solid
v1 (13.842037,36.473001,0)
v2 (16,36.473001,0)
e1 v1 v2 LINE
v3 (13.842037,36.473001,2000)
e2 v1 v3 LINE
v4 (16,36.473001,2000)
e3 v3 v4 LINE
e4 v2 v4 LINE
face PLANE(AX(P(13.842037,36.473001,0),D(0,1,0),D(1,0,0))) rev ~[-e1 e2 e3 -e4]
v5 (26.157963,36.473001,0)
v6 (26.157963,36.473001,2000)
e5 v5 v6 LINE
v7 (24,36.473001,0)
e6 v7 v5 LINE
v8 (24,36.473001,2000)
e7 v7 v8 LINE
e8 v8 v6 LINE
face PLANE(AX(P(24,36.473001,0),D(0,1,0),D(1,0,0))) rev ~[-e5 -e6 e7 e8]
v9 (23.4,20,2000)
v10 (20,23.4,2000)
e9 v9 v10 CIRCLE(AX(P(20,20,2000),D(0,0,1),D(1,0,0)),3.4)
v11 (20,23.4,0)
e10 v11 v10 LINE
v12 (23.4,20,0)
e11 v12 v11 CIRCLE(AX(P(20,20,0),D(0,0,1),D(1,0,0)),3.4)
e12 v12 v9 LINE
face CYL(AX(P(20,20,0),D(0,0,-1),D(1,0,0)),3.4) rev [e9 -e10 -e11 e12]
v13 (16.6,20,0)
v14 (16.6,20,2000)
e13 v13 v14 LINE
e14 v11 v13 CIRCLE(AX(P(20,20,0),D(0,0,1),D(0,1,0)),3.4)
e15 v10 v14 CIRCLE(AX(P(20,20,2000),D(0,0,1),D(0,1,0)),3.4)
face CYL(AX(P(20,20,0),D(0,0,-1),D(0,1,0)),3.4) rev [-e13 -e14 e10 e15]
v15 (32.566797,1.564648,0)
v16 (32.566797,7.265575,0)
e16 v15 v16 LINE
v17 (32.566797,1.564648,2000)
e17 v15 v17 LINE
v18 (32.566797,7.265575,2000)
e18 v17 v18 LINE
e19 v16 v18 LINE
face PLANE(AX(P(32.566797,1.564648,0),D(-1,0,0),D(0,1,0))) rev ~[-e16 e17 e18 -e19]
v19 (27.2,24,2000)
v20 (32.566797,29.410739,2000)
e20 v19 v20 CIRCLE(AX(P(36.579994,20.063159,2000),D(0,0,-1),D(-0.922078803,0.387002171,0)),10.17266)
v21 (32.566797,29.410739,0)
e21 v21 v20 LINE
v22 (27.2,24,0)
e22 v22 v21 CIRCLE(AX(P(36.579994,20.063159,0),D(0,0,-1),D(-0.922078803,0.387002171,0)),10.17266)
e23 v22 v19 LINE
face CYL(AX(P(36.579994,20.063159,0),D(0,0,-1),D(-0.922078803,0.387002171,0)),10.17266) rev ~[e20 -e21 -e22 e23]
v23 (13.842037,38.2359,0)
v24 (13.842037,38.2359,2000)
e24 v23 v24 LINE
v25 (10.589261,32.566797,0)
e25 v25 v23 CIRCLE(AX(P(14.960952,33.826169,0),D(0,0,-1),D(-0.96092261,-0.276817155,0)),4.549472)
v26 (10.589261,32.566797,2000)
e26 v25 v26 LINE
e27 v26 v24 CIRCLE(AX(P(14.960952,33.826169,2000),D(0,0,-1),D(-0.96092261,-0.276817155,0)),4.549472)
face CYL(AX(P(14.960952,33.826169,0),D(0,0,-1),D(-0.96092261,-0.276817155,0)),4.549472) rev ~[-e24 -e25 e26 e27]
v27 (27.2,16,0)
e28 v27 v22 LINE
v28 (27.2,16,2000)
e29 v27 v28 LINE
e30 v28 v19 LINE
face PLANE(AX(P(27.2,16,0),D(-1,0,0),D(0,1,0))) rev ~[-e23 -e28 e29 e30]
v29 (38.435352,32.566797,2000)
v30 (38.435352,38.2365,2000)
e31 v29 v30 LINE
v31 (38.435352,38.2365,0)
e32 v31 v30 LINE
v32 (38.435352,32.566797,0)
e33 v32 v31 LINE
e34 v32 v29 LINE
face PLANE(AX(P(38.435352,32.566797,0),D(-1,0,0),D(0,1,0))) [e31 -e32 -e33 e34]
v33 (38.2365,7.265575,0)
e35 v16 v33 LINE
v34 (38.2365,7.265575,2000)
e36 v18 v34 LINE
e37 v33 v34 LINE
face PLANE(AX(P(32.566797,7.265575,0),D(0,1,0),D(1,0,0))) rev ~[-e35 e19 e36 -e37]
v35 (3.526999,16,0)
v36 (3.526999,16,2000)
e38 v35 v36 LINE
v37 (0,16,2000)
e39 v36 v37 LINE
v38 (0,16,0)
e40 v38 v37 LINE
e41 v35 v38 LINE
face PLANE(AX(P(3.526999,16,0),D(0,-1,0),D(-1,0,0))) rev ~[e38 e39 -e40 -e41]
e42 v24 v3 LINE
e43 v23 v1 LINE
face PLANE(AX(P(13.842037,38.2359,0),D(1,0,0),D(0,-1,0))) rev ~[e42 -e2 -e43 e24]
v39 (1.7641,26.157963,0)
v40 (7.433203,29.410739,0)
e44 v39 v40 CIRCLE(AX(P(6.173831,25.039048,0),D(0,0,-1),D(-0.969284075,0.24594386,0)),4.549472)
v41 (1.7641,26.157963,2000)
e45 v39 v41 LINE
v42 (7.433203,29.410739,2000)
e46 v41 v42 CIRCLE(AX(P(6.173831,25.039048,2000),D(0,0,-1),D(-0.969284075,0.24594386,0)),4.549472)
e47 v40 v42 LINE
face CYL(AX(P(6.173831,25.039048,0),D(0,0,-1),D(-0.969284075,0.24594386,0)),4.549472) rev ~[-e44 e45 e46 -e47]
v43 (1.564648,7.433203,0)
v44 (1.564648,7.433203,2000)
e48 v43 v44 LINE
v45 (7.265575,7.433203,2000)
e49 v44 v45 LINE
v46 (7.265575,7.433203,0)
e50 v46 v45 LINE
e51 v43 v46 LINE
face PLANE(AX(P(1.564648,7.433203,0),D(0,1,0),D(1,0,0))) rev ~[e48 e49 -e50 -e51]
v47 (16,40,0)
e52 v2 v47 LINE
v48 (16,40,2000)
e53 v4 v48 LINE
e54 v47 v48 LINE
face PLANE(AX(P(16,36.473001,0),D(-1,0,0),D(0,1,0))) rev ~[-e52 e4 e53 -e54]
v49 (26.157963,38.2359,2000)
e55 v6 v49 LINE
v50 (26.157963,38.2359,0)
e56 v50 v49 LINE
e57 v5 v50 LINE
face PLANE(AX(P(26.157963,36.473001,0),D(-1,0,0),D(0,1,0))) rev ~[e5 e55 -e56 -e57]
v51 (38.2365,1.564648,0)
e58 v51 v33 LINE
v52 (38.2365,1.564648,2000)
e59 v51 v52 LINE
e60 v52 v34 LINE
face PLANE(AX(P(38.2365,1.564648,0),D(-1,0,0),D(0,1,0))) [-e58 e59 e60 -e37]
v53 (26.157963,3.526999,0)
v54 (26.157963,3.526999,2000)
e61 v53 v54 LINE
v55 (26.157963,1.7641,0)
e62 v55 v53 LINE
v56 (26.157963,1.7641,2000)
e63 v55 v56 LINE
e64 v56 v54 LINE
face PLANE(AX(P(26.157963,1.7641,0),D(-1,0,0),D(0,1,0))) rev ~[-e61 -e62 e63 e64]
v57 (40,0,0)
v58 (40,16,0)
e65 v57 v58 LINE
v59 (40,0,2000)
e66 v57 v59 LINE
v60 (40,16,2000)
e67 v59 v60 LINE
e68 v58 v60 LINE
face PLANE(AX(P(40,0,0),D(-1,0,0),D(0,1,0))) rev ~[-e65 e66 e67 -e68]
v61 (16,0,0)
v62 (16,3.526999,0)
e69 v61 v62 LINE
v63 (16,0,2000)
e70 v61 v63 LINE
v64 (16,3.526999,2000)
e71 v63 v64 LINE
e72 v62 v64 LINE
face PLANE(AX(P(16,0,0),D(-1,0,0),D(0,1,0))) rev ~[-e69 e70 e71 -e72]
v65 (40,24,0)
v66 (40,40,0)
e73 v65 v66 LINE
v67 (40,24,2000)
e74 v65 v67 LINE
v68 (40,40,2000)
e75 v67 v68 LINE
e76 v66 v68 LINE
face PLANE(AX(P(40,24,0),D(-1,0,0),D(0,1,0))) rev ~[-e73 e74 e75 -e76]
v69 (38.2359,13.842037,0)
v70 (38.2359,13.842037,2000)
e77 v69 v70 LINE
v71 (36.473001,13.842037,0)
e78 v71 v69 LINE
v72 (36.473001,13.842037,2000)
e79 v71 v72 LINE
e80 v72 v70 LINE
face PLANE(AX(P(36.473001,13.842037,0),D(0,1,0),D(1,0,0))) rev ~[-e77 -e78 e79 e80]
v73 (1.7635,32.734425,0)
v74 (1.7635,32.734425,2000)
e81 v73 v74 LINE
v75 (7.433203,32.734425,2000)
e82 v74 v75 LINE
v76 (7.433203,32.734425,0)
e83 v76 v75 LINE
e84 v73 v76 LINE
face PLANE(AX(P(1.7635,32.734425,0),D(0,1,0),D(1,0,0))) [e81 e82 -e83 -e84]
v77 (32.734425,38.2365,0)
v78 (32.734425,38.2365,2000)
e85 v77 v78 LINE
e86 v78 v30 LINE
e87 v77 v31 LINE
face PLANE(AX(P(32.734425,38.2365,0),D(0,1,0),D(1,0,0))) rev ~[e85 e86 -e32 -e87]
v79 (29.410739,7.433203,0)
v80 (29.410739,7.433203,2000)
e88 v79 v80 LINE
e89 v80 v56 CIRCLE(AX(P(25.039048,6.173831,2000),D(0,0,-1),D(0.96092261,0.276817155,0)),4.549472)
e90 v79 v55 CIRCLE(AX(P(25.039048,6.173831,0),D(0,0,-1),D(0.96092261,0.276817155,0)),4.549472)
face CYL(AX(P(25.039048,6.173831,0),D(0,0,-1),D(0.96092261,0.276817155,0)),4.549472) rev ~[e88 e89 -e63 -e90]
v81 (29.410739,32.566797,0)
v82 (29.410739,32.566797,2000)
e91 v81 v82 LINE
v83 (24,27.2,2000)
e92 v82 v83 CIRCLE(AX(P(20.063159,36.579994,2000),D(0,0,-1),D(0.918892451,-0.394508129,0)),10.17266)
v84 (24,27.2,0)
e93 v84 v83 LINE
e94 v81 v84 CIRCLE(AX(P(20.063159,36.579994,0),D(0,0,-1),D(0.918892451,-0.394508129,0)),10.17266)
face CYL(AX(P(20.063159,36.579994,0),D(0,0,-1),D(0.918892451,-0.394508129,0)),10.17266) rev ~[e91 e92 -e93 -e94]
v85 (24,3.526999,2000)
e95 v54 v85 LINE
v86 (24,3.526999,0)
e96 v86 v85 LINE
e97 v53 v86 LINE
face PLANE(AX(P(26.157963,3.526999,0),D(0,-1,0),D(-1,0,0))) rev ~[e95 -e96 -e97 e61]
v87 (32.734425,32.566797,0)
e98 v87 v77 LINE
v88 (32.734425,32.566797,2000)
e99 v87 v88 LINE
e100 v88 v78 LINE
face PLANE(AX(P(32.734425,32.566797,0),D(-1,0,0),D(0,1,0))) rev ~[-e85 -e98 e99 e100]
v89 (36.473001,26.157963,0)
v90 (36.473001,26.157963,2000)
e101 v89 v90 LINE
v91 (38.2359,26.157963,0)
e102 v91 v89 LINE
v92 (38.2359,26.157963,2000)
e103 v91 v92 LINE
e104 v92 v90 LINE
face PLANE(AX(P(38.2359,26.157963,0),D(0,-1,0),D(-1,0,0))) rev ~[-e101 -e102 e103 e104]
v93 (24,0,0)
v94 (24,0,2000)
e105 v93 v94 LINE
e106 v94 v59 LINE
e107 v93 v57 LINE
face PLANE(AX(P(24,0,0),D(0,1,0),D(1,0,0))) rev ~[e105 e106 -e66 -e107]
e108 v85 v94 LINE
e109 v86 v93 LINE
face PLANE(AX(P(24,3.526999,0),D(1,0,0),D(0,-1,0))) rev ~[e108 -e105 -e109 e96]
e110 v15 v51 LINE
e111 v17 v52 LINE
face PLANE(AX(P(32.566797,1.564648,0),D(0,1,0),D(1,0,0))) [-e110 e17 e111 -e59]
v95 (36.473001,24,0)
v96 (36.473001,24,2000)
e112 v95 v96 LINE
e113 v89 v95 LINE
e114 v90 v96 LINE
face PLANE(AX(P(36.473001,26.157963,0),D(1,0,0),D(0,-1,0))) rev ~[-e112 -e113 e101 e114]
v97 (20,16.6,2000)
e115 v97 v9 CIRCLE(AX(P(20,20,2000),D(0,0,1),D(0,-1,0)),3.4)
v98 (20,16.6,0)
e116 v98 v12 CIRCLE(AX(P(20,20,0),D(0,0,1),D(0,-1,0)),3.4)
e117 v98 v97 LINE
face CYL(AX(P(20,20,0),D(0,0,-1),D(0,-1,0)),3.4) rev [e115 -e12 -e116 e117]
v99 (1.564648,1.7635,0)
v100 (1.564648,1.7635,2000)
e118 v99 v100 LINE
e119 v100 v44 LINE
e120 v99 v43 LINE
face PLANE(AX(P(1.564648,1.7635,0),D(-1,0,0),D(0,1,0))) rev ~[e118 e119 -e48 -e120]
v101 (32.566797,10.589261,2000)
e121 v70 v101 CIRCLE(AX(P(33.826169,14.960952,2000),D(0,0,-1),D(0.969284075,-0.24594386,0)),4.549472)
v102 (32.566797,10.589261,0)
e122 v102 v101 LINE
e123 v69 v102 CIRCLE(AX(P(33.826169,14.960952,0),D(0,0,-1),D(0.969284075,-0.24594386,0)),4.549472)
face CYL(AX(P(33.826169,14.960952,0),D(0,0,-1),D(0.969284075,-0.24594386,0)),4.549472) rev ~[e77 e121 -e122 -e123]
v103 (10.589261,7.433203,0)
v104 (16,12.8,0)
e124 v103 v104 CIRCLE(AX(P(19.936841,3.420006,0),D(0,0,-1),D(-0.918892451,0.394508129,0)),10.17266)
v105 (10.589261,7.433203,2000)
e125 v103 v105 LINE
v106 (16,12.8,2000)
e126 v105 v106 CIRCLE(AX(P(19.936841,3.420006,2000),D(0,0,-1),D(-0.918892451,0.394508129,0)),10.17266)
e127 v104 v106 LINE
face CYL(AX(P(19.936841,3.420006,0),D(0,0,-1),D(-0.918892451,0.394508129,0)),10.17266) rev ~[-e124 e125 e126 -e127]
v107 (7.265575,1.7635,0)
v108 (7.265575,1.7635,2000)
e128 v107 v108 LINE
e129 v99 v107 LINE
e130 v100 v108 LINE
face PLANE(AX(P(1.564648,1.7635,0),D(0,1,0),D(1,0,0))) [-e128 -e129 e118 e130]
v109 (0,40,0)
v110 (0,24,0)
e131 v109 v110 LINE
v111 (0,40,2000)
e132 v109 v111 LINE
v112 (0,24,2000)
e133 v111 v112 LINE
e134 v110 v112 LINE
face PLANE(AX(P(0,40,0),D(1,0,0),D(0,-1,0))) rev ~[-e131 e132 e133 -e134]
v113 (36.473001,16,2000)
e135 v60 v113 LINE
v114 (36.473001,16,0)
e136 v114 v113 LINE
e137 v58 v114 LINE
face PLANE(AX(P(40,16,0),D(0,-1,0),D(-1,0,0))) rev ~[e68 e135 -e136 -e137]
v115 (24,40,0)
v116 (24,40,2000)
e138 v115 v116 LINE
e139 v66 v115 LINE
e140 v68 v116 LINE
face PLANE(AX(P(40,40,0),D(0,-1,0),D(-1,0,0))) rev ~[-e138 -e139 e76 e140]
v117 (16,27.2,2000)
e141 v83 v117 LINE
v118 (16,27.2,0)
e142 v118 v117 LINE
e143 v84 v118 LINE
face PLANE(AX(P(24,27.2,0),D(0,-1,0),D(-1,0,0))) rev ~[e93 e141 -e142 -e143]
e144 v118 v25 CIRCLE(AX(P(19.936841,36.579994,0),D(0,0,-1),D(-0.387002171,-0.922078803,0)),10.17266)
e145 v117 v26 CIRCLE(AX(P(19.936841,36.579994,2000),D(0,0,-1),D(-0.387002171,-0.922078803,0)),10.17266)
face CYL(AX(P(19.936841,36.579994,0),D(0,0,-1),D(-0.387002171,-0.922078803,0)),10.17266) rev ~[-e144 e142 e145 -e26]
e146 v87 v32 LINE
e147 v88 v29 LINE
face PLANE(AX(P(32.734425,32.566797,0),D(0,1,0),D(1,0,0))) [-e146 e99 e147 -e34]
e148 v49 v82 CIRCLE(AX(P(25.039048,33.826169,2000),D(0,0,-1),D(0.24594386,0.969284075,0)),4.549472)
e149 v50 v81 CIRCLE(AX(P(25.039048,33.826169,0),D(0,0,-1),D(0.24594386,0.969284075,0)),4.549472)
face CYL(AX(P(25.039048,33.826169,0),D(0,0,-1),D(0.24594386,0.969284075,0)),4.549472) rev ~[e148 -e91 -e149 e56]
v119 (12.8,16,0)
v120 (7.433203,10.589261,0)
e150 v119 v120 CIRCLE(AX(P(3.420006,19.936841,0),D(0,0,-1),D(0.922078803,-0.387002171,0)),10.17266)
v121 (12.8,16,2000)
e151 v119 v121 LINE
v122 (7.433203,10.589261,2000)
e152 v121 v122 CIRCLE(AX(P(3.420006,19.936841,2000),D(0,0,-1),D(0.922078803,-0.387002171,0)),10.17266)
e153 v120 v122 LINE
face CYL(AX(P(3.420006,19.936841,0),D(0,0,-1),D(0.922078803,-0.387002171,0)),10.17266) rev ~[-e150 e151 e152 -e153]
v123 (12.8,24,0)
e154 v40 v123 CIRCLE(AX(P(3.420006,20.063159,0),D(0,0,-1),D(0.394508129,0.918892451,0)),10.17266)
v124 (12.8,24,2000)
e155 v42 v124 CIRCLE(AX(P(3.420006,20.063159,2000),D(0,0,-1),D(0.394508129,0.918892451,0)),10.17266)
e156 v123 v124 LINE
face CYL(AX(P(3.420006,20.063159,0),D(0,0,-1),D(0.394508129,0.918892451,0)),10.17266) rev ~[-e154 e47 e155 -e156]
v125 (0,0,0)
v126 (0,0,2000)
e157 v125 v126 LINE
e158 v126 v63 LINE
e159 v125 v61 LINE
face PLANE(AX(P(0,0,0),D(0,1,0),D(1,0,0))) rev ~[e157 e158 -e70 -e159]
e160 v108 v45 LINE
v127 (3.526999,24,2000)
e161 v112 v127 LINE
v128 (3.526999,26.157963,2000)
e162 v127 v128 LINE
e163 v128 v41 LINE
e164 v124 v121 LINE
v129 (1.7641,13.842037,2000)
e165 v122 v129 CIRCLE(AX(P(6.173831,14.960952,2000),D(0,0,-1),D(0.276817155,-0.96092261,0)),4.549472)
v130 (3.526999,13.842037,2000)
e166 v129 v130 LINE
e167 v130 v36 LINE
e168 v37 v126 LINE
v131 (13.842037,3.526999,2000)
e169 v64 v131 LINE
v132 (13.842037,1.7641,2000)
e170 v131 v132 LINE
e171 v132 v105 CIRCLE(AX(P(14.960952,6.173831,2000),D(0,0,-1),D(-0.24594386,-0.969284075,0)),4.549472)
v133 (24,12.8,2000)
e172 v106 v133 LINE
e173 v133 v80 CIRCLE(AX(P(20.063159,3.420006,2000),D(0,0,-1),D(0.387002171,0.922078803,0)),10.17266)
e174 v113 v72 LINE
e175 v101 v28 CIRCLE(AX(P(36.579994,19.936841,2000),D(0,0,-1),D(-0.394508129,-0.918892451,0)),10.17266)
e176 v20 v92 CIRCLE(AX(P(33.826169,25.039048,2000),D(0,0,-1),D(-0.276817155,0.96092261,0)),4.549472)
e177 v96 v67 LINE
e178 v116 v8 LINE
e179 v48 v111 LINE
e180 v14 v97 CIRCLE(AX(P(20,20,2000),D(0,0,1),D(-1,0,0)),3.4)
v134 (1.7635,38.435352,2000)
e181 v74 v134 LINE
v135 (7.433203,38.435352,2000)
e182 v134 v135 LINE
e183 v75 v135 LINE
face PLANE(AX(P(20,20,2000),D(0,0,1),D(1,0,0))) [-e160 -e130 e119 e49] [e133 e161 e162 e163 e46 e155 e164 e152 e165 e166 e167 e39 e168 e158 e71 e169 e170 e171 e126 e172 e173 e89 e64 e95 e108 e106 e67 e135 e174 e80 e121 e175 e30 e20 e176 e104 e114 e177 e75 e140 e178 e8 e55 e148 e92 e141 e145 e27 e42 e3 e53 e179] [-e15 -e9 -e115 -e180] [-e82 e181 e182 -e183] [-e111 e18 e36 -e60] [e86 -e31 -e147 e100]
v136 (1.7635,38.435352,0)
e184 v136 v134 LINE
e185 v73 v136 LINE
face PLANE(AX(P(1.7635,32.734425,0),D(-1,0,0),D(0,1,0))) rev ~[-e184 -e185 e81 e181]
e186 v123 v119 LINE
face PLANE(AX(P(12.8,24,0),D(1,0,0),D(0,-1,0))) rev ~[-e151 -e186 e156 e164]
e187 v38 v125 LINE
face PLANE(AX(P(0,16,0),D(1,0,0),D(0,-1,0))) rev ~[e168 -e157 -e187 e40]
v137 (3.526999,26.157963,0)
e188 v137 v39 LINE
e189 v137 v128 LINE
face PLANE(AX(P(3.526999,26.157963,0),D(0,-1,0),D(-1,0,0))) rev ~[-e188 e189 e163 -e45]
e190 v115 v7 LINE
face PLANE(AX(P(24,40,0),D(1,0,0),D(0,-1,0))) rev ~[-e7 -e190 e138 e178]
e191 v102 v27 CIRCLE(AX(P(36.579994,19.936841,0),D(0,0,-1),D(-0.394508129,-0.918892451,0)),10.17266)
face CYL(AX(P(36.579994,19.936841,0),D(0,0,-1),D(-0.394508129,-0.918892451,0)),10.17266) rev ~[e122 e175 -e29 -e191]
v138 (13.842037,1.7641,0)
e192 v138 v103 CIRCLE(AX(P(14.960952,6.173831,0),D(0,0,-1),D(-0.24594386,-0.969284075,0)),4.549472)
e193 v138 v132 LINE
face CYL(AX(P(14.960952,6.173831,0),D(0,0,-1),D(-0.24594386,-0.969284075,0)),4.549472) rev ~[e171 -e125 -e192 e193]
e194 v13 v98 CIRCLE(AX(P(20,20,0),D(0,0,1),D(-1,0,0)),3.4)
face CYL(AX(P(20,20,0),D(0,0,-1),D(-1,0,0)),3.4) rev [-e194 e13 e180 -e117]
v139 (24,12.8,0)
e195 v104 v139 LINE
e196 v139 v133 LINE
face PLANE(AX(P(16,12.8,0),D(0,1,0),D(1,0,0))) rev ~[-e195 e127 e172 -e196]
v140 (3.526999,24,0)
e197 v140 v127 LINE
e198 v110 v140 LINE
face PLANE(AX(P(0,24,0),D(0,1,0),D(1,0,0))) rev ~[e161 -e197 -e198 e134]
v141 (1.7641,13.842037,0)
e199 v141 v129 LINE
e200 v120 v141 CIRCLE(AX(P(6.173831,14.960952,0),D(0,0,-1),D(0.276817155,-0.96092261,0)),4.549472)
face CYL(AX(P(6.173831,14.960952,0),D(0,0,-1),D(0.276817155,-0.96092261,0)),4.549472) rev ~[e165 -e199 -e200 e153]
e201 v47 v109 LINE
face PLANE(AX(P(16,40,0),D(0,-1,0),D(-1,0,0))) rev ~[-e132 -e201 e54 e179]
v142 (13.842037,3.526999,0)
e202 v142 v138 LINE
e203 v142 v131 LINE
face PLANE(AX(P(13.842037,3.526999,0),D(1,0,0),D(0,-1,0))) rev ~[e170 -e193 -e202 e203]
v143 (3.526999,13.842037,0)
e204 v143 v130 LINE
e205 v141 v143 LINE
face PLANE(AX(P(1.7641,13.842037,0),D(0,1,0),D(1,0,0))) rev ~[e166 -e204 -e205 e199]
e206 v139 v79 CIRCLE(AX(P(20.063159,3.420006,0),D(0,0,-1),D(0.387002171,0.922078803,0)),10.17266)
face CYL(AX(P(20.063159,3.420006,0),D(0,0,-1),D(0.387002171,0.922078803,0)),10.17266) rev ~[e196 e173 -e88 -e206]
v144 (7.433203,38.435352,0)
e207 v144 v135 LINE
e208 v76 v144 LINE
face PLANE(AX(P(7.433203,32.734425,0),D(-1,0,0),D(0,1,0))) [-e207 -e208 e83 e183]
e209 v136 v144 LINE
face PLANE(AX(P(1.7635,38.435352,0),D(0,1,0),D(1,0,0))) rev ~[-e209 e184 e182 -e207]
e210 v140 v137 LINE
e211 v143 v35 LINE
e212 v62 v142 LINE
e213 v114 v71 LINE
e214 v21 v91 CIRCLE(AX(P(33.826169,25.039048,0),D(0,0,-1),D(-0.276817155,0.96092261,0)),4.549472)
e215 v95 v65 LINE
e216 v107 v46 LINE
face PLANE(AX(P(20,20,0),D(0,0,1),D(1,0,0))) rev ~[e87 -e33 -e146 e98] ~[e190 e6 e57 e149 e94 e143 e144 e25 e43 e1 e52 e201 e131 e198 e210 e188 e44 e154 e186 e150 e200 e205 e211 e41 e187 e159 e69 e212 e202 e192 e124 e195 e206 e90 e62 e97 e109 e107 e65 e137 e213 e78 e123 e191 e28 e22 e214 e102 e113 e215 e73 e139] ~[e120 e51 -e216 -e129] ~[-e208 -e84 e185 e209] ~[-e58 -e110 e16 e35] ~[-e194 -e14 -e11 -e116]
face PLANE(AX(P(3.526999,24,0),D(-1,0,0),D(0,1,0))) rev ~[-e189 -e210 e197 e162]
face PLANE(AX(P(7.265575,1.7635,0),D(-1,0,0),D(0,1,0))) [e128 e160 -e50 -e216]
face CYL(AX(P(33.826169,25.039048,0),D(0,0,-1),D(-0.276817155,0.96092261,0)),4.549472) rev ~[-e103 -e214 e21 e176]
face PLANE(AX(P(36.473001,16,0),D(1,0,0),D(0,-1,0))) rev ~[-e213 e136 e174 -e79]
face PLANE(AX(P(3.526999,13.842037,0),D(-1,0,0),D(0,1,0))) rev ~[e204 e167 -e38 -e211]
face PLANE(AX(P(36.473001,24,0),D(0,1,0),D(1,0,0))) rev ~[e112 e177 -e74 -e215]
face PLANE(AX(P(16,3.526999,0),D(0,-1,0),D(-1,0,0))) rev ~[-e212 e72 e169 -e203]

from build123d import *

# Parameters (mm, degrees)
CROQUIS1_W              = 5.700927171
CROQUIS1_H              = 5.669703343
CROQUIS1_W_2            = 5.669703343
CROQUIS1_H_2            = 5.700927171
SALIENTE_EXTRUIR1_DEPTH = 2000


with BuildPart() as part:
    # Croquis1 → Saliente-Extruir1 (new body)
    with BuildSketch(Plane.XY):
        with BuildLine():
            Line((16, 0), (16, 3.526999273))
            Line((16, 3.526999273), (13.842037149, 3.526999273))
            Line((13.842037149, 3.526999273), (13.842037149, 1.764099906))
            ThreePointArc((13.842037149, 1.764099906), (11.014894419, 3.909691284), (10.589261103, 7.433202979))
            ThreePointArc((10.589261103, 7.433202979), (12.773071968, 10.642430452), (16, 12.8))
            Line((16, 12.8), (20, 12.8))
            Line((20, 12.8), (24, 12.8))
            ThreePointArc((24, 12.8), (27.226928032, 10.642430452), (29.410738897, 7.433202979))
            ThreePointArc((29.410738897, 7.433202979), (28.985105581, 3.909691284), (26.157962851, 1.764099906))
            Line((26.157962851, 1.764099906), (26.157962851, 3.526999273))
            Line((26.157962851, 3.526999273), (24, 3.526999273))
            Line((24, 3.526999273), (24, 0))
            Line((24, 0), (40, 0))
            Line((40, 0), (40, 16))
            Line((40, 16), (36.473000727, 16))
            Line((36.473000727, 16), (36.473000727, 13.842037149))
            Line((36.473000727, 13.842037149), (38.235900094, 13.842037149))
            ThreePointArc((38.235900094, 13.842037149), (36.090308716, 11.014894419), (32.566797021, 10.589261103))
            ThreePointArc((32.566797021, 10.589261103), (29.357569548, 12.773071968), (27.2, 16))
            Line((27.2, 16), (27.2, 20))
            Line((27.2, 20), (27.2, 24))
            ThreePointArc((27.2, 24), (29.357569548, 27.226928032), (32.566797021, 29.410738897))
            ThreePointArc((32.566797021, 29.410738897), (36.090308716, 28.985105581), (38.235900094, 26.157962851))
            Line((38.235900094, 26.157962851), (36.473000727, 26.157962851))
            Line((36.473000727, 26.157962851), (36.473000727, 24))
            Line((36.473000727, 24), (40, 24))
            Line((40, 24), (40, 40))
            Line((40, 40), (24, 40))
            Line((24, 40), (24, 36.473000727))
            Line((24, 36.473000727), (26.157962851, 36.473000727))
            Line((26.157962851, 36.473000727), (26.157962851, 38.235900094))
            ThreePointArc((26.157962851, 38.235900094), (28.985105581, 36.090308716), (29.410738897, 32.566797021))
            ThreePointArc((29.410738897, 32.566797021), (27.226928032, 29.357569548), (24, 27.2))
            Line((24, 27.2), (20, 27.2))
            Line((20, 27.2), (16, 27.2))
            ThreePointArc((16, 27.2), (12.773071968, 29.357569548), (10.589261103, 32.566797021))
            ThreePointArc((10.589261103, 32.566797021), (11.014894419, 36.090308716), (13.842037149, 38.235900094))
            Line((13.842037149, 38.235900094), (13.842037149, 36.473000727))
            Line((13.842037149, 36.473000727), (16, 36.473000727))
            Line((16, 36.473000727), (16, 40))
            Line((16, 40), (0, 40))
            Line((0, 40), (0, 24))
            Line((0, 24), (3.526999273, 24))
            Line((3.526999273, 24), (3.526999273, 26.157962851))
            Line((3.526999273, 26.157962851), (1.764099906, 26.157962851))
            ThreePointArc((1.764099906, 26.157962851), (3.909691284, 28.985105581), (7.433202979, 29.410738897))
            ThreePointArc((7.433202979, 29.410738897), (10.642430452, 27.226928032), (12.8, 24))
            Line((12.8, 24), (12.8, 20))
            Line((12.8, 20), (12.8, 16))
            ThreePointArc((12.8, 16), (10.642430452, 12.773071968), (7.433202979, 10.589261103))
            ThreePointArc((7.433202979, 10.589261103), (3.909691284, 11.014894419), (1.764099906, 13.842037149))
            Line((1.764099906, 13.842037149), (3.526999273, 13.842037149))
            Line((3.526999273, 13.842037149), (3.526999273, 16))
            Line((3.526999273, 16), (0, 16))
            Line((0, 16), (0, 0))
            Line((0, 0), (16, 0))
        make_face()
        with Locations((4.415111636, 4.598351308)):
            Rectangle(CROQUIS1_W, CROQUIS1_H, mode=Mode.SUBTRACT)
        with Locations((4.598351308, 35.584888365)):
            Rectangle(CROQUIS1_W_2, CROQUIS1_H_2, mode=Mode.SUBTRACT)
        with Locations((35.584888365, 35.401648693)):
            Rectangle(CROQUIS1_W, CROQUIS1_H, mode=Mode.SUBTRACT)
        with Locations((35.401648693, 4.415111636)):
            Rectangle(CROQUIS1_W_2, CROQUIS1_H_2, mode=Mode.SUBTRACT)
        with BuildLine():
            ThreePointArc((16.6, 20), (17.595836944, 17.595836944), (20, 16.6))
            ThreePointArc((20, 16.6), (22.404163056, 17.595836944), (23.4, 20))
            ThreePointArc((23.4, 20), (22.404163056, 22.404163056), (20, 23.4))
            ThreePointArc((20, 23.4), (17.595836944, 22.404163056), (16.6, 20))
        make_face(mode=Mode.SUBTRACT)
    extrude(amount=SALIENTE_EXTRUIR1_DEPTH)


solid = part.part
